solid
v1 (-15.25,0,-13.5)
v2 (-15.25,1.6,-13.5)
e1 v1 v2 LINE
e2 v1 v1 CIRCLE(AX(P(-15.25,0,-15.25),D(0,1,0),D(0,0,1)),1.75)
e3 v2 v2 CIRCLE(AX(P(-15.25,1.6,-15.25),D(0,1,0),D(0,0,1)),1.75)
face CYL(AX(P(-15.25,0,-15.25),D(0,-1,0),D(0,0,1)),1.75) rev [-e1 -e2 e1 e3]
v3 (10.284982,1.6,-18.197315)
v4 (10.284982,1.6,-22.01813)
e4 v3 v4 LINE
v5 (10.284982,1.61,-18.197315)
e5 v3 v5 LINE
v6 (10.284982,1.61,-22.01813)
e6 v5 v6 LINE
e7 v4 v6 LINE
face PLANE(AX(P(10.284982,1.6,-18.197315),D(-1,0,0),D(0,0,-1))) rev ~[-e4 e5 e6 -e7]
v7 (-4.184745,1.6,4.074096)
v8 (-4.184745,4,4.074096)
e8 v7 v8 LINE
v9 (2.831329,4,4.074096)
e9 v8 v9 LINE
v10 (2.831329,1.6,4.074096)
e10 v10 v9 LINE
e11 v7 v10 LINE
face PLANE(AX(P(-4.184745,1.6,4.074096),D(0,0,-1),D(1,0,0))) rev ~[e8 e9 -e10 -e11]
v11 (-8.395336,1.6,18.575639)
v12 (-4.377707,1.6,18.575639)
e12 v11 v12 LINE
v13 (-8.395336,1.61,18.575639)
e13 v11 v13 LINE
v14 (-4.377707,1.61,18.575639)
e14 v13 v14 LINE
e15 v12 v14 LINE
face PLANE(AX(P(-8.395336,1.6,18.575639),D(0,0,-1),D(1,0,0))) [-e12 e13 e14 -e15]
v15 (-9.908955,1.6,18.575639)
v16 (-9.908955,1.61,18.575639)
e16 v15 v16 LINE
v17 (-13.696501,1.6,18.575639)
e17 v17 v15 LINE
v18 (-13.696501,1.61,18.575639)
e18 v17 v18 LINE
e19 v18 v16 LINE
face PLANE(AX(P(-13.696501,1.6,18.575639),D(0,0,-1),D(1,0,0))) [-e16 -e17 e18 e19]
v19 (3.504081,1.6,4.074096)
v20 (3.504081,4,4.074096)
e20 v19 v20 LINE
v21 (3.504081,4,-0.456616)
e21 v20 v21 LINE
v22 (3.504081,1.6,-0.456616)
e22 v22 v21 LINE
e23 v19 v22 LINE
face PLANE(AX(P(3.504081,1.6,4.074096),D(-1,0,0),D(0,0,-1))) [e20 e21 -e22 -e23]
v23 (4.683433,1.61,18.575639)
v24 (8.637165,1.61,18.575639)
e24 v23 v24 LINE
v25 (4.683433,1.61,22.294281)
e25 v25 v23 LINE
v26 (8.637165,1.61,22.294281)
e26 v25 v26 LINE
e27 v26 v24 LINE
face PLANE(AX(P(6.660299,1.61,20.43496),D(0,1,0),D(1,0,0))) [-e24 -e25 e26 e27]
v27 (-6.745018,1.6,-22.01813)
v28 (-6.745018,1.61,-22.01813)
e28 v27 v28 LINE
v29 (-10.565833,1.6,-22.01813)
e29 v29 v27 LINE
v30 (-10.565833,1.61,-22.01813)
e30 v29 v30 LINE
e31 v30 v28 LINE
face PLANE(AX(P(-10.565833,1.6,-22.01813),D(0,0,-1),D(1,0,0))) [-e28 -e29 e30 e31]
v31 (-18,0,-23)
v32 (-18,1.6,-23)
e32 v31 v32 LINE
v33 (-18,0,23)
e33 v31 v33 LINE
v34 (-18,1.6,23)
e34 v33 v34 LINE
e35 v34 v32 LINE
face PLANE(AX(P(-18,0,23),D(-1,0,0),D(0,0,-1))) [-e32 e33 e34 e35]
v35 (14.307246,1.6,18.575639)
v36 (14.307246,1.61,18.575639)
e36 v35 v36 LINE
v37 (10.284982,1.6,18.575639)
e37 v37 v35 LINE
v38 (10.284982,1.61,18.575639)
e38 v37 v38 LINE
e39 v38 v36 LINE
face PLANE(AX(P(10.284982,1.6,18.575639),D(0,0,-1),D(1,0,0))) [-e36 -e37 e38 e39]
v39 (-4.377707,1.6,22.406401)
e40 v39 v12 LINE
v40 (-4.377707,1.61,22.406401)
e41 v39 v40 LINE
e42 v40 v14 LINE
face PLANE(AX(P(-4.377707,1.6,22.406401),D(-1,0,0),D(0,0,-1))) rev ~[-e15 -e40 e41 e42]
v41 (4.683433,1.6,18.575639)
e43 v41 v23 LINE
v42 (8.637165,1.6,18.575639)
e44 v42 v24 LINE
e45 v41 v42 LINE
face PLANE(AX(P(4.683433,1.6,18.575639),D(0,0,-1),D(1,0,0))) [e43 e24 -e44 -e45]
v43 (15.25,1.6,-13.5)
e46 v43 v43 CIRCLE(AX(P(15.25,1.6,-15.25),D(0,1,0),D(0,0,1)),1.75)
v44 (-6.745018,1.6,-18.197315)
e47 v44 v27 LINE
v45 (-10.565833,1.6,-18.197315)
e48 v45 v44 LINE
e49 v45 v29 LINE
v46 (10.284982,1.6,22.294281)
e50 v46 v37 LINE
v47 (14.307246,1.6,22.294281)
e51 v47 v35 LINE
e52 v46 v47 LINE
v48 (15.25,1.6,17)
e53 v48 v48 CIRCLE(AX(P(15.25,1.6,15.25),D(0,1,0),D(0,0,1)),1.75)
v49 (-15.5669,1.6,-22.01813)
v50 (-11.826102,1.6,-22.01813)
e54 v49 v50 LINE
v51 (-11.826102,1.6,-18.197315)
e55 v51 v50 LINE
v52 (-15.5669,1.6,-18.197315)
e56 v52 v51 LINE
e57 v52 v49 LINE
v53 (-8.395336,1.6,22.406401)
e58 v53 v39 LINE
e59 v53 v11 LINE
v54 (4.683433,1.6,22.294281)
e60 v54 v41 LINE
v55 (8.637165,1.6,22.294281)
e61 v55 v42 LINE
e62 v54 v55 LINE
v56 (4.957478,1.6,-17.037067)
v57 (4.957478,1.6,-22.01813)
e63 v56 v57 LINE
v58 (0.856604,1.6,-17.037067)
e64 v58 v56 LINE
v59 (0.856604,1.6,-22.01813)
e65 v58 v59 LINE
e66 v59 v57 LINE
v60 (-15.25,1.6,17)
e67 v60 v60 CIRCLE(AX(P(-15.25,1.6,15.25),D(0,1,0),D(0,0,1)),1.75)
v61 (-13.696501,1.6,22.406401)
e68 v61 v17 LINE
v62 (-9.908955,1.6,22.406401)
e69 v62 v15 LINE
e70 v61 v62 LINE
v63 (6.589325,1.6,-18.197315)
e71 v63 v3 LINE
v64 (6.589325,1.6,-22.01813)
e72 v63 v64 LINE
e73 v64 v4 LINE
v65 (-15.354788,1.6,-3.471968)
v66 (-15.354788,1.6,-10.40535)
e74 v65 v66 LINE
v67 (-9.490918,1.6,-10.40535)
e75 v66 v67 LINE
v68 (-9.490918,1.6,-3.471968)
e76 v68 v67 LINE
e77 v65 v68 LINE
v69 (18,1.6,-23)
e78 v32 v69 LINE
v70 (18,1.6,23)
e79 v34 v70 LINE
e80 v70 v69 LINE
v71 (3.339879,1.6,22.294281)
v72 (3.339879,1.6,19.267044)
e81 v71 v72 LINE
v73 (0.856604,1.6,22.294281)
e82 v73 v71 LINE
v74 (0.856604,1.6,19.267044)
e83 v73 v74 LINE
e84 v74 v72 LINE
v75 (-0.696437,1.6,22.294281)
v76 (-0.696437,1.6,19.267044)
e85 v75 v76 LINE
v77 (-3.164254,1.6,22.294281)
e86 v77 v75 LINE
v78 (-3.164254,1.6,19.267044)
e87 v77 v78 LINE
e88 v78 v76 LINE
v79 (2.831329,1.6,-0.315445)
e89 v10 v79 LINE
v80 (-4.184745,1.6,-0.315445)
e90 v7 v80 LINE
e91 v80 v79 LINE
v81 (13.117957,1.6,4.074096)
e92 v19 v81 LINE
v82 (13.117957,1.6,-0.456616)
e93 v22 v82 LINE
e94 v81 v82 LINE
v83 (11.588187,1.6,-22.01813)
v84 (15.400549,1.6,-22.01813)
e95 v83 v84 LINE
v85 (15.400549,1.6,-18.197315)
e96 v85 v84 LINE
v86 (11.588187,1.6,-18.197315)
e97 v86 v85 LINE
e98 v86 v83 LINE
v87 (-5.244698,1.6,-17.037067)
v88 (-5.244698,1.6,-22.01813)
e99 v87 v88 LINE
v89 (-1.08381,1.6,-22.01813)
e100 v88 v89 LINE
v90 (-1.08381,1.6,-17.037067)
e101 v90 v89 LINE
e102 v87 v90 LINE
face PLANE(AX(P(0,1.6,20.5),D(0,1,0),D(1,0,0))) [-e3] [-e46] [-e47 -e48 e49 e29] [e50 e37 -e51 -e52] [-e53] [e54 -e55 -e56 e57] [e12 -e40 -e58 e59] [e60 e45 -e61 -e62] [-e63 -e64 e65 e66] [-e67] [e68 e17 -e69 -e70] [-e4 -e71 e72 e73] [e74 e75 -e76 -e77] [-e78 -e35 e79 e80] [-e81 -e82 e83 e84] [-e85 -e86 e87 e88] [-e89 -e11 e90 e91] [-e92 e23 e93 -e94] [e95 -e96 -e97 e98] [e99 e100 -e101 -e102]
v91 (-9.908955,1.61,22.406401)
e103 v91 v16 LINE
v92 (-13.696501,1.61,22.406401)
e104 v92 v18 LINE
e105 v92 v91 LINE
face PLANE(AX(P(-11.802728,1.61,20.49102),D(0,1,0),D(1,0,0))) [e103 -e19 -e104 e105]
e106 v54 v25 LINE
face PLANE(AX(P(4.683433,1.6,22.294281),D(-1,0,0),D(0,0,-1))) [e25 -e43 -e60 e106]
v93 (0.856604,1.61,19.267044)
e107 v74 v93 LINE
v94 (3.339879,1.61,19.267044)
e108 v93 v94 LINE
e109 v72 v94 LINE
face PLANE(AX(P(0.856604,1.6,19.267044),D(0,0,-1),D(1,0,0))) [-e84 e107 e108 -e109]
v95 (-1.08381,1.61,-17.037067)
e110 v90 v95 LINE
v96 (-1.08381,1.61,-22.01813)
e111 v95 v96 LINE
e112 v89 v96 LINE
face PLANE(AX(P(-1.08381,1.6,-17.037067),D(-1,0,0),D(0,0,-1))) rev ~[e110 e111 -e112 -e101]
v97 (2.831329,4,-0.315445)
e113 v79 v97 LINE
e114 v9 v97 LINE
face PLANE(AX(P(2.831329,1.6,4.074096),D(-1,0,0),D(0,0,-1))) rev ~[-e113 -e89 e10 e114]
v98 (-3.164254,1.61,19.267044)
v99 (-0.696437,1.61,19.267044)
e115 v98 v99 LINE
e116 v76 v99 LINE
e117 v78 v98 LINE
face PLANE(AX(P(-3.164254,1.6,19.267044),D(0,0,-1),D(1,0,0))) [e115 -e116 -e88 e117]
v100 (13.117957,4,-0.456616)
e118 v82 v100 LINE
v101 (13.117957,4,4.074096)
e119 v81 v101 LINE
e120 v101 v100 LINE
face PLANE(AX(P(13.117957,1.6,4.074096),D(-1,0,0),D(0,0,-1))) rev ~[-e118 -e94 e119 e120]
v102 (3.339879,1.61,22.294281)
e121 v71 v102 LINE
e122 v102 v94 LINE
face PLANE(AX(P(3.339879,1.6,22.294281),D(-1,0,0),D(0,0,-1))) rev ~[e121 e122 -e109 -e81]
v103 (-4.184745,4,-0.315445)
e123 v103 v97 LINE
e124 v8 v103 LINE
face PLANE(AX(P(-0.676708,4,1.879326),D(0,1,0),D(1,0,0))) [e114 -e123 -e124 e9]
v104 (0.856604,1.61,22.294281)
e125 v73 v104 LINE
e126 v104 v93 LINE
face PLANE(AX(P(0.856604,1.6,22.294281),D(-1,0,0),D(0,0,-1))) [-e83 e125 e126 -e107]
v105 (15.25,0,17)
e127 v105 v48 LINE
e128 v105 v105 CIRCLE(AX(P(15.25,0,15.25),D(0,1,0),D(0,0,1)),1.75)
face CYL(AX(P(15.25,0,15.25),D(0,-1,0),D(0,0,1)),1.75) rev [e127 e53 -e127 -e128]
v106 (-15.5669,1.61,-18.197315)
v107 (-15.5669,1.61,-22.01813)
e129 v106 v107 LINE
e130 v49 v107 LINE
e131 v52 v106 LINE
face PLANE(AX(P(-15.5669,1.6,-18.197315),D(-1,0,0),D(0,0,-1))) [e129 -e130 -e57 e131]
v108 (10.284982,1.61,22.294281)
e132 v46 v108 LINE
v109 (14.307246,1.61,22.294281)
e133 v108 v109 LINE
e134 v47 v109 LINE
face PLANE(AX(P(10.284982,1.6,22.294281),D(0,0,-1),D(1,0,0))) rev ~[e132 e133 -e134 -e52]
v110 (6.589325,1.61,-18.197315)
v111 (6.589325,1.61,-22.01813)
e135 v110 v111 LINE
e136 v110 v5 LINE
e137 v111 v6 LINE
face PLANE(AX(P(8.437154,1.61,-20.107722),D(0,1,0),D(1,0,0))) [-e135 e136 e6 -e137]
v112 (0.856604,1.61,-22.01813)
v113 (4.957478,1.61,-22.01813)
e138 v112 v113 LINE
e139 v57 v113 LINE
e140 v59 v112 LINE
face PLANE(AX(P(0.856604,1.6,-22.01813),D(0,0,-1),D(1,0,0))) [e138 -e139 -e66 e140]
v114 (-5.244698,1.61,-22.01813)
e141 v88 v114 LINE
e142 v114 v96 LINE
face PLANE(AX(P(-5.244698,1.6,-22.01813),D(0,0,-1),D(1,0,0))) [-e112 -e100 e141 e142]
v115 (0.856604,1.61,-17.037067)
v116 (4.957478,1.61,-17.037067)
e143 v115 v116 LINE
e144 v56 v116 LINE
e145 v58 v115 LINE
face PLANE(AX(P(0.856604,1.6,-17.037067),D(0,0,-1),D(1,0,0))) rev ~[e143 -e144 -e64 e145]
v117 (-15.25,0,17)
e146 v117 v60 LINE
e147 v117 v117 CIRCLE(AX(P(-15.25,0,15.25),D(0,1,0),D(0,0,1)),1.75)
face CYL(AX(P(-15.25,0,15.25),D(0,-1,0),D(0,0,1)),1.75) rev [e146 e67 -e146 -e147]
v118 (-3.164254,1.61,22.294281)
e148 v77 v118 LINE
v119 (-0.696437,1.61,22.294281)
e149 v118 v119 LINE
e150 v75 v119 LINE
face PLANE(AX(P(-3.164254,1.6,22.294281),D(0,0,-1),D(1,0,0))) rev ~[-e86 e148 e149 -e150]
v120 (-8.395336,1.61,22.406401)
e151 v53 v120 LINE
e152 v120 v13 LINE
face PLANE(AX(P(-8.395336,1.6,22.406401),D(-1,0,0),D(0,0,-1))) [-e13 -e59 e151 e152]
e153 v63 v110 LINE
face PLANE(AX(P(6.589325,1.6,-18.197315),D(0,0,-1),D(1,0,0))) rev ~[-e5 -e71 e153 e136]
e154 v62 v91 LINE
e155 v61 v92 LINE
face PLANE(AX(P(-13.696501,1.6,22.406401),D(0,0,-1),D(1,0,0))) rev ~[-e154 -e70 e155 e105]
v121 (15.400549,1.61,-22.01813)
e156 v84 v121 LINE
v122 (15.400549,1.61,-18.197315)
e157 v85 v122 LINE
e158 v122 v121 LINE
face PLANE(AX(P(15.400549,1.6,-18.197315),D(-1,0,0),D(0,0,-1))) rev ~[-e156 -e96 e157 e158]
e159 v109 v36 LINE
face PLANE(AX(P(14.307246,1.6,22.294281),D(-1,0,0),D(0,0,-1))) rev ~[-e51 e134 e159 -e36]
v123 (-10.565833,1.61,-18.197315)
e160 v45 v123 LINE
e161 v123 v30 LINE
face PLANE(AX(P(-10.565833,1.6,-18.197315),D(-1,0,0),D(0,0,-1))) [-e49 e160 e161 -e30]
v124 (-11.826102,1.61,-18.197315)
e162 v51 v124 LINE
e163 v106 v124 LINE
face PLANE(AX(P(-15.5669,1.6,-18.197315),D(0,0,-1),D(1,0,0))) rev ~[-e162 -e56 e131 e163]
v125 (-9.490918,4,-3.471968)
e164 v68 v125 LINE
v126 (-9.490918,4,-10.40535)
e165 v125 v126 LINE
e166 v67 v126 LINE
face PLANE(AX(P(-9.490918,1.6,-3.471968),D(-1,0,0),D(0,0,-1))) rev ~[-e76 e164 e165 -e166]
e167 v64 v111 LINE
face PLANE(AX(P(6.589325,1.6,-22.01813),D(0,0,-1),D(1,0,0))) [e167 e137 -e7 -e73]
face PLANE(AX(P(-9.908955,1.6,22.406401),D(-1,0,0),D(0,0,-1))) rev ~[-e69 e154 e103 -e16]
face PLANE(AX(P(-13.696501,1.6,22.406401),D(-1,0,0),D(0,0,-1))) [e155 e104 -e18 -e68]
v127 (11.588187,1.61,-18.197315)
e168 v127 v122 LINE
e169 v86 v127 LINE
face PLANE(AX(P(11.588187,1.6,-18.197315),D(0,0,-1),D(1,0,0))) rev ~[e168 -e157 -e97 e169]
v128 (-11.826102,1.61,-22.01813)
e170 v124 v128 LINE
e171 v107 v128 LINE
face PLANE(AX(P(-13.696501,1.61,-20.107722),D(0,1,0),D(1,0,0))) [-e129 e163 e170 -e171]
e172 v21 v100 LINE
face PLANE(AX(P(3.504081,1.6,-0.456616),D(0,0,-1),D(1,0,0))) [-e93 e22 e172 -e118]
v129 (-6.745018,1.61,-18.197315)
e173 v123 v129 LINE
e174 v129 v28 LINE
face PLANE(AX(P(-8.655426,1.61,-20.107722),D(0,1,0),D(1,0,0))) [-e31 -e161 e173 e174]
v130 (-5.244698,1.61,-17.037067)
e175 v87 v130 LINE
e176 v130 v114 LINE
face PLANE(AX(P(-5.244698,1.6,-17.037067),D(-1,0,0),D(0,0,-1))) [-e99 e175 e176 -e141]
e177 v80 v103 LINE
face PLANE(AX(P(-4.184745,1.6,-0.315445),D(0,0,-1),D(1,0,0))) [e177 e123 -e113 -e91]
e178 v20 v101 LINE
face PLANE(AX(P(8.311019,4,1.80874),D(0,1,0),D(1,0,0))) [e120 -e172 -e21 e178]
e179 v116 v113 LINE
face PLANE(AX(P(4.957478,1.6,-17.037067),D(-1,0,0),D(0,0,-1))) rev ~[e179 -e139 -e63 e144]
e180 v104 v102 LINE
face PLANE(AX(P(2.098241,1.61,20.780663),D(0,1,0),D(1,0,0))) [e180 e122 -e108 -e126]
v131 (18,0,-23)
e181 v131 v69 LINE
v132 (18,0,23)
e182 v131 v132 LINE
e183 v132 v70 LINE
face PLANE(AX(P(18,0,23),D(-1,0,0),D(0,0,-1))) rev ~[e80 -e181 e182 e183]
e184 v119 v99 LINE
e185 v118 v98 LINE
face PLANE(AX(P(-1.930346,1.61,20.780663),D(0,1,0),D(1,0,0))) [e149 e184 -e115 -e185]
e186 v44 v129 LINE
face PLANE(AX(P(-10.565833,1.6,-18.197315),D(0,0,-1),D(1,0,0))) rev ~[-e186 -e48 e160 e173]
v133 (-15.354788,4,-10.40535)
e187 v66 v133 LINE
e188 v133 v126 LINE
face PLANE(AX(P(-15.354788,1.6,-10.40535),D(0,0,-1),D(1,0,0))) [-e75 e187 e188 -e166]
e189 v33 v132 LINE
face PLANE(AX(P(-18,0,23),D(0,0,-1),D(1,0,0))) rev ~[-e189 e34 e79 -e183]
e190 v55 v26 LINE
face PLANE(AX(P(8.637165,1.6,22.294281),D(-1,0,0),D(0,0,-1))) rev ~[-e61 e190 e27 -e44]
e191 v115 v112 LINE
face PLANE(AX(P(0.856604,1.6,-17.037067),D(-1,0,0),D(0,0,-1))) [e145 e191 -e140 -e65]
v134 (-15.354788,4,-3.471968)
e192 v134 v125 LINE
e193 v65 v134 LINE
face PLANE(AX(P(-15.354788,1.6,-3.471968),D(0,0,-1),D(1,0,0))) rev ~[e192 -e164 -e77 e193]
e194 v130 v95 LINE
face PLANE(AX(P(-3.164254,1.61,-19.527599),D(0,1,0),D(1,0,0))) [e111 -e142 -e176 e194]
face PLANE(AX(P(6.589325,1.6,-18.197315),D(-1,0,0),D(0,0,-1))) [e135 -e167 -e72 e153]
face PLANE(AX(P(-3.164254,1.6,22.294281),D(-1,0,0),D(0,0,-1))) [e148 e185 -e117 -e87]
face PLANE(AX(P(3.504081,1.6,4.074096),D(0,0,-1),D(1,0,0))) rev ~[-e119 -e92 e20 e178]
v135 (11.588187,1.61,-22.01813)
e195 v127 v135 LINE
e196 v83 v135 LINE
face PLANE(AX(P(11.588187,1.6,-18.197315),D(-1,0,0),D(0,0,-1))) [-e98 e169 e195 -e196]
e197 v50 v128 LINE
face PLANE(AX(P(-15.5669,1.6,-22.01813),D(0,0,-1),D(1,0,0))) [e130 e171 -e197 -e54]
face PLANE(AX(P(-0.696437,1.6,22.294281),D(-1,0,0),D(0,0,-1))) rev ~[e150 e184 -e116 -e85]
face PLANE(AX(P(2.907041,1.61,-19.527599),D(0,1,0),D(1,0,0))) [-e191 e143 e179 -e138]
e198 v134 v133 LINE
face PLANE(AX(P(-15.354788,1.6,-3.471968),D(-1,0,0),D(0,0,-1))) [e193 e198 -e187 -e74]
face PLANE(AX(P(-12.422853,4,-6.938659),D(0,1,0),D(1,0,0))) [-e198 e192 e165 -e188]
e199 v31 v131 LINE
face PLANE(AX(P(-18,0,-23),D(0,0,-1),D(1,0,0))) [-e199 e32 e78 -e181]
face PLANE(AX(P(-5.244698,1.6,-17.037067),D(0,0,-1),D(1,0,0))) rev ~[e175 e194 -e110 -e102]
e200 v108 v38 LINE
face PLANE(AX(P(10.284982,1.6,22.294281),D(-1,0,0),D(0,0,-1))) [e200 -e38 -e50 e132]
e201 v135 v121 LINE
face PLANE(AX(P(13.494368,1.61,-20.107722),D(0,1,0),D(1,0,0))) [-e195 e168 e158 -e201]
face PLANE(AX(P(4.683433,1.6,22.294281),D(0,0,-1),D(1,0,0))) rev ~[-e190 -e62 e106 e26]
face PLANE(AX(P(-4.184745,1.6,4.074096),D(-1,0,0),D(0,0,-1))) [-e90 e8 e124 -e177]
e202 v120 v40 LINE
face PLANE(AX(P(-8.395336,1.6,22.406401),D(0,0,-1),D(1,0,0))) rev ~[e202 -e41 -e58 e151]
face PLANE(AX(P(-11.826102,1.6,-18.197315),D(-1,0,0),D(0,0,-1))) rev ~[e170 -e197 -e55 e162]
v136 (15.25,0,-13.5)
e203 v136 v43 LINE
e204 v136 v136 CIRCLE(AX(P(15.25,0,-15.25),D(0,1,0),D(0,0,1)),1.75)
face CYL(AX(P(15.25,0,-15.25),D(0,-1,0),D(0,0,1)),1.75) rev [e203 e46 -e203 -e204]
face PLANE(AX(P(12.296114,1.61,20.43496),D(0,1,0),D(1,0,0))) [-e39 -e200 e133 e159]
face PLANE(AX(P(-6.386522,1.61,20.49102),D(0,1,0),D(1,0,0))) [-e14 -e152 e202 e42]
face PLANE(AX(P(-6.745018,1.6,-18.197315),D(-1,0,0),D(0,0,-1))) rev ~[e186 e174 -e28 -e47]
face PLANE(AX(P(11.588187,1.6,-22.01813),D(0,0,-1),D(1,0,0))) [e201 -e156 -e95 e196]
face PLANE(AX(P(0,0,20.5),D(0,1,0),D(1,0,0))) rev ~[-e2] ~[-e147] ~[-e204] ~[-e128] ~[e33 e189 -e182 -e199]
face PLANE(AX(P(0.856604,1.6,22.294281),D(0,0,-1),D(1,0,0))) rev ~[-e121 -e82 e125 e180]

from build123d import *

# Parameters (mm, degrees)
SKETCH1_W        = 36
SKETCH1_H        = 5
SKETCH1_H_2      = 36
SKETCH1_R        = 1.75
PCB_DEPTH        = 1.6
SKETCH4_W        = 3.740798036
SKETCH4_H        = 3.820815106
SKETCH4_W_2      = 3.820815106
SKETCH4_W_3      = 4.160887655
SKETCH4_H_2      = 4.981062625
SKETCH4_W_4      = 4.100874852
SKETCH4_W_5      = 3.695656728
SKETCH4_W_6      = 3.812361676
SKETCH4_W_7      = 3.787546171
SKETCH4_H_3      = 3.830762868
SKETCH4_W_8      = 4.01762935
SKETCH4_W_9      = 2.467816827
SKETCH4_H_4      = 3.027236998
SKETCH4_W_10     = 2.483275044
SKETCH4_W_11     = 3.953731944
SKETCH4_H_5      = 3.718642979
SKETCH4_W_12     = 4.022264052
PADS_DEPTH       = 0.01
SKETCH2_W        = 5.863870515
SKETCH2_H        = 6.933382723
SKETCH2_W_2      = 7.016073618
SKETCH2_H_2      = 4.389541424
SKETCH2_W_3      = 9.613875512
SKETCH2_H_3      = 4.530712508
COMPONENTS_DEPTH = 2.4


with BuildPart() as part:
    # Sketch1 → PCB (new body)
    # profile 1 of 3: a face of its own
    with BuildSketch(Plane(origin=(0, 0, 0), x_dir=(1, 0, 0), z_dir=(0, 1, 0))):
        with Locations((0, 20.5)):
            Rectangle(SKETCH1_W, SKETCH1_H)
    # profile 2 of 3: a face of its own
    with BuildSketch(Plane(origin=(0, 0, 0), x_dir=(1, 0, 0), z_dir=(0, 1, 0))):
        Rectangle(SKETCH1_W, SKETCH1_H_2)
        with Locations(Location((-15.25, -15.25, 0), (0, 0, 270))):
            Circle(SKETCH1_R, mode=Mode.SUBTRACT)
        with Locations(Location((15.25, -15.25, 0), (0, 0, 270))):
            Circle(SKETCH1_R, mode=Mode.SUBTRACT)
        with Locations(Location((-15.25, 15.25, 0), (0, 0, 270))):
            Circle(SKETCH1_R, mode=Mode.SUBTRACT)
        with Locations(Location((15.25, 15.25, 0), (0, 0, 270))):
            Circle(SKETCH1_R, mode=Mode.SUBTRACT)
    # profile 3 of 3: a face of its own
    with BuildSketch(Plane(origin=(0, 0, 0), x_dir=(1, 0, 0), z_dir=(0, 1, 0))):
        with Locations((0, -20.5)):
            Rectangle(SKETCH1_W, SKETCH1_H)
    extrude(amount=PCB_DEPTH)

    # Sketch4 → Pads (add)
    with BuildSketch(Plane(origin=(0, 1.6, 0), x_dir=(1, 0, 0), z_dir=(0, 1, 0))):
        with Locations((-13.696501098, 20.107722338)):
            Rectangle(SKETCH4_W, SKETCH4_H)
        with Locations((-8.65542567, 20.107722338)):
            Rectangle(SKETCH4_W_2, SKETCH4_H)
        with Locations((-3.164254223, 19.527598579)):
            Rectangle(SKETCH4_W_3, SKETCH4_H_2)
        with Locations((2.907040985, 19.527598579)):
            Rectangle(SKETCH4_W_4, SKETCH4_H_2)
        with Locations((8.437153549, 20.107722338)):
            Rectangle(SKETCH4_W_5, SKETCH4_H)
        with Locations((13.494368018, 20.107722338)):
            Rectangle(SKETCH4_W_6, SKETCH4_H)
        with Locations((-11.802728013, -20.491019937)):
            Rectangle(SKETCH4_W_7, SKETCH4_H_3)
        with Locations((-6.386521753, -20.491019937)):
            Rectangle(SKETCH4_W_8, SKETCH4_H_3)
        with Locations((-1.930345809, -20.780662983)):
            Rectangle(SKETCH4_W_9, SKETCH4_H_4)
        with Locations((2.098241081, -20.780662983)):
            Rectangle(SKETCH4_W_10, SKETCH4_H_4)
        with Locations((6.660299296, -20.434959993)):
            Rectangle(SKETCH4_W_11, SKETCH4_H_5)
        with Locations((12.296113939, -20.434959993)):
            Rectangle(SKETCH4_W_12, SKETCH4_H_5)
    extrude(amount=PADS_DEPTH)

    # Sketch2 → Components (add)
    with BuildSketch(Plane(origin=(0, 1.6, 0), x_dir=(1, 0, 0), z_dir=(0, 1, 0))):
        with Locations((-12.422852881, 6.938659117)):
            Rectangle(SKETCH2_W, SKETCH2_H)
        with Locations((-0.676707896, -1.879325534)):
            Rectangle(SKETCH2_W_2, SKETCH2_H_2)
        with Locations((8.311019041, -1.808739992)):
            Rectangle(SKETCH2_W_3, SKETCH2_H_3)
    extrude(amount=COMPONENTS_DEPTH)


solid = part.part
